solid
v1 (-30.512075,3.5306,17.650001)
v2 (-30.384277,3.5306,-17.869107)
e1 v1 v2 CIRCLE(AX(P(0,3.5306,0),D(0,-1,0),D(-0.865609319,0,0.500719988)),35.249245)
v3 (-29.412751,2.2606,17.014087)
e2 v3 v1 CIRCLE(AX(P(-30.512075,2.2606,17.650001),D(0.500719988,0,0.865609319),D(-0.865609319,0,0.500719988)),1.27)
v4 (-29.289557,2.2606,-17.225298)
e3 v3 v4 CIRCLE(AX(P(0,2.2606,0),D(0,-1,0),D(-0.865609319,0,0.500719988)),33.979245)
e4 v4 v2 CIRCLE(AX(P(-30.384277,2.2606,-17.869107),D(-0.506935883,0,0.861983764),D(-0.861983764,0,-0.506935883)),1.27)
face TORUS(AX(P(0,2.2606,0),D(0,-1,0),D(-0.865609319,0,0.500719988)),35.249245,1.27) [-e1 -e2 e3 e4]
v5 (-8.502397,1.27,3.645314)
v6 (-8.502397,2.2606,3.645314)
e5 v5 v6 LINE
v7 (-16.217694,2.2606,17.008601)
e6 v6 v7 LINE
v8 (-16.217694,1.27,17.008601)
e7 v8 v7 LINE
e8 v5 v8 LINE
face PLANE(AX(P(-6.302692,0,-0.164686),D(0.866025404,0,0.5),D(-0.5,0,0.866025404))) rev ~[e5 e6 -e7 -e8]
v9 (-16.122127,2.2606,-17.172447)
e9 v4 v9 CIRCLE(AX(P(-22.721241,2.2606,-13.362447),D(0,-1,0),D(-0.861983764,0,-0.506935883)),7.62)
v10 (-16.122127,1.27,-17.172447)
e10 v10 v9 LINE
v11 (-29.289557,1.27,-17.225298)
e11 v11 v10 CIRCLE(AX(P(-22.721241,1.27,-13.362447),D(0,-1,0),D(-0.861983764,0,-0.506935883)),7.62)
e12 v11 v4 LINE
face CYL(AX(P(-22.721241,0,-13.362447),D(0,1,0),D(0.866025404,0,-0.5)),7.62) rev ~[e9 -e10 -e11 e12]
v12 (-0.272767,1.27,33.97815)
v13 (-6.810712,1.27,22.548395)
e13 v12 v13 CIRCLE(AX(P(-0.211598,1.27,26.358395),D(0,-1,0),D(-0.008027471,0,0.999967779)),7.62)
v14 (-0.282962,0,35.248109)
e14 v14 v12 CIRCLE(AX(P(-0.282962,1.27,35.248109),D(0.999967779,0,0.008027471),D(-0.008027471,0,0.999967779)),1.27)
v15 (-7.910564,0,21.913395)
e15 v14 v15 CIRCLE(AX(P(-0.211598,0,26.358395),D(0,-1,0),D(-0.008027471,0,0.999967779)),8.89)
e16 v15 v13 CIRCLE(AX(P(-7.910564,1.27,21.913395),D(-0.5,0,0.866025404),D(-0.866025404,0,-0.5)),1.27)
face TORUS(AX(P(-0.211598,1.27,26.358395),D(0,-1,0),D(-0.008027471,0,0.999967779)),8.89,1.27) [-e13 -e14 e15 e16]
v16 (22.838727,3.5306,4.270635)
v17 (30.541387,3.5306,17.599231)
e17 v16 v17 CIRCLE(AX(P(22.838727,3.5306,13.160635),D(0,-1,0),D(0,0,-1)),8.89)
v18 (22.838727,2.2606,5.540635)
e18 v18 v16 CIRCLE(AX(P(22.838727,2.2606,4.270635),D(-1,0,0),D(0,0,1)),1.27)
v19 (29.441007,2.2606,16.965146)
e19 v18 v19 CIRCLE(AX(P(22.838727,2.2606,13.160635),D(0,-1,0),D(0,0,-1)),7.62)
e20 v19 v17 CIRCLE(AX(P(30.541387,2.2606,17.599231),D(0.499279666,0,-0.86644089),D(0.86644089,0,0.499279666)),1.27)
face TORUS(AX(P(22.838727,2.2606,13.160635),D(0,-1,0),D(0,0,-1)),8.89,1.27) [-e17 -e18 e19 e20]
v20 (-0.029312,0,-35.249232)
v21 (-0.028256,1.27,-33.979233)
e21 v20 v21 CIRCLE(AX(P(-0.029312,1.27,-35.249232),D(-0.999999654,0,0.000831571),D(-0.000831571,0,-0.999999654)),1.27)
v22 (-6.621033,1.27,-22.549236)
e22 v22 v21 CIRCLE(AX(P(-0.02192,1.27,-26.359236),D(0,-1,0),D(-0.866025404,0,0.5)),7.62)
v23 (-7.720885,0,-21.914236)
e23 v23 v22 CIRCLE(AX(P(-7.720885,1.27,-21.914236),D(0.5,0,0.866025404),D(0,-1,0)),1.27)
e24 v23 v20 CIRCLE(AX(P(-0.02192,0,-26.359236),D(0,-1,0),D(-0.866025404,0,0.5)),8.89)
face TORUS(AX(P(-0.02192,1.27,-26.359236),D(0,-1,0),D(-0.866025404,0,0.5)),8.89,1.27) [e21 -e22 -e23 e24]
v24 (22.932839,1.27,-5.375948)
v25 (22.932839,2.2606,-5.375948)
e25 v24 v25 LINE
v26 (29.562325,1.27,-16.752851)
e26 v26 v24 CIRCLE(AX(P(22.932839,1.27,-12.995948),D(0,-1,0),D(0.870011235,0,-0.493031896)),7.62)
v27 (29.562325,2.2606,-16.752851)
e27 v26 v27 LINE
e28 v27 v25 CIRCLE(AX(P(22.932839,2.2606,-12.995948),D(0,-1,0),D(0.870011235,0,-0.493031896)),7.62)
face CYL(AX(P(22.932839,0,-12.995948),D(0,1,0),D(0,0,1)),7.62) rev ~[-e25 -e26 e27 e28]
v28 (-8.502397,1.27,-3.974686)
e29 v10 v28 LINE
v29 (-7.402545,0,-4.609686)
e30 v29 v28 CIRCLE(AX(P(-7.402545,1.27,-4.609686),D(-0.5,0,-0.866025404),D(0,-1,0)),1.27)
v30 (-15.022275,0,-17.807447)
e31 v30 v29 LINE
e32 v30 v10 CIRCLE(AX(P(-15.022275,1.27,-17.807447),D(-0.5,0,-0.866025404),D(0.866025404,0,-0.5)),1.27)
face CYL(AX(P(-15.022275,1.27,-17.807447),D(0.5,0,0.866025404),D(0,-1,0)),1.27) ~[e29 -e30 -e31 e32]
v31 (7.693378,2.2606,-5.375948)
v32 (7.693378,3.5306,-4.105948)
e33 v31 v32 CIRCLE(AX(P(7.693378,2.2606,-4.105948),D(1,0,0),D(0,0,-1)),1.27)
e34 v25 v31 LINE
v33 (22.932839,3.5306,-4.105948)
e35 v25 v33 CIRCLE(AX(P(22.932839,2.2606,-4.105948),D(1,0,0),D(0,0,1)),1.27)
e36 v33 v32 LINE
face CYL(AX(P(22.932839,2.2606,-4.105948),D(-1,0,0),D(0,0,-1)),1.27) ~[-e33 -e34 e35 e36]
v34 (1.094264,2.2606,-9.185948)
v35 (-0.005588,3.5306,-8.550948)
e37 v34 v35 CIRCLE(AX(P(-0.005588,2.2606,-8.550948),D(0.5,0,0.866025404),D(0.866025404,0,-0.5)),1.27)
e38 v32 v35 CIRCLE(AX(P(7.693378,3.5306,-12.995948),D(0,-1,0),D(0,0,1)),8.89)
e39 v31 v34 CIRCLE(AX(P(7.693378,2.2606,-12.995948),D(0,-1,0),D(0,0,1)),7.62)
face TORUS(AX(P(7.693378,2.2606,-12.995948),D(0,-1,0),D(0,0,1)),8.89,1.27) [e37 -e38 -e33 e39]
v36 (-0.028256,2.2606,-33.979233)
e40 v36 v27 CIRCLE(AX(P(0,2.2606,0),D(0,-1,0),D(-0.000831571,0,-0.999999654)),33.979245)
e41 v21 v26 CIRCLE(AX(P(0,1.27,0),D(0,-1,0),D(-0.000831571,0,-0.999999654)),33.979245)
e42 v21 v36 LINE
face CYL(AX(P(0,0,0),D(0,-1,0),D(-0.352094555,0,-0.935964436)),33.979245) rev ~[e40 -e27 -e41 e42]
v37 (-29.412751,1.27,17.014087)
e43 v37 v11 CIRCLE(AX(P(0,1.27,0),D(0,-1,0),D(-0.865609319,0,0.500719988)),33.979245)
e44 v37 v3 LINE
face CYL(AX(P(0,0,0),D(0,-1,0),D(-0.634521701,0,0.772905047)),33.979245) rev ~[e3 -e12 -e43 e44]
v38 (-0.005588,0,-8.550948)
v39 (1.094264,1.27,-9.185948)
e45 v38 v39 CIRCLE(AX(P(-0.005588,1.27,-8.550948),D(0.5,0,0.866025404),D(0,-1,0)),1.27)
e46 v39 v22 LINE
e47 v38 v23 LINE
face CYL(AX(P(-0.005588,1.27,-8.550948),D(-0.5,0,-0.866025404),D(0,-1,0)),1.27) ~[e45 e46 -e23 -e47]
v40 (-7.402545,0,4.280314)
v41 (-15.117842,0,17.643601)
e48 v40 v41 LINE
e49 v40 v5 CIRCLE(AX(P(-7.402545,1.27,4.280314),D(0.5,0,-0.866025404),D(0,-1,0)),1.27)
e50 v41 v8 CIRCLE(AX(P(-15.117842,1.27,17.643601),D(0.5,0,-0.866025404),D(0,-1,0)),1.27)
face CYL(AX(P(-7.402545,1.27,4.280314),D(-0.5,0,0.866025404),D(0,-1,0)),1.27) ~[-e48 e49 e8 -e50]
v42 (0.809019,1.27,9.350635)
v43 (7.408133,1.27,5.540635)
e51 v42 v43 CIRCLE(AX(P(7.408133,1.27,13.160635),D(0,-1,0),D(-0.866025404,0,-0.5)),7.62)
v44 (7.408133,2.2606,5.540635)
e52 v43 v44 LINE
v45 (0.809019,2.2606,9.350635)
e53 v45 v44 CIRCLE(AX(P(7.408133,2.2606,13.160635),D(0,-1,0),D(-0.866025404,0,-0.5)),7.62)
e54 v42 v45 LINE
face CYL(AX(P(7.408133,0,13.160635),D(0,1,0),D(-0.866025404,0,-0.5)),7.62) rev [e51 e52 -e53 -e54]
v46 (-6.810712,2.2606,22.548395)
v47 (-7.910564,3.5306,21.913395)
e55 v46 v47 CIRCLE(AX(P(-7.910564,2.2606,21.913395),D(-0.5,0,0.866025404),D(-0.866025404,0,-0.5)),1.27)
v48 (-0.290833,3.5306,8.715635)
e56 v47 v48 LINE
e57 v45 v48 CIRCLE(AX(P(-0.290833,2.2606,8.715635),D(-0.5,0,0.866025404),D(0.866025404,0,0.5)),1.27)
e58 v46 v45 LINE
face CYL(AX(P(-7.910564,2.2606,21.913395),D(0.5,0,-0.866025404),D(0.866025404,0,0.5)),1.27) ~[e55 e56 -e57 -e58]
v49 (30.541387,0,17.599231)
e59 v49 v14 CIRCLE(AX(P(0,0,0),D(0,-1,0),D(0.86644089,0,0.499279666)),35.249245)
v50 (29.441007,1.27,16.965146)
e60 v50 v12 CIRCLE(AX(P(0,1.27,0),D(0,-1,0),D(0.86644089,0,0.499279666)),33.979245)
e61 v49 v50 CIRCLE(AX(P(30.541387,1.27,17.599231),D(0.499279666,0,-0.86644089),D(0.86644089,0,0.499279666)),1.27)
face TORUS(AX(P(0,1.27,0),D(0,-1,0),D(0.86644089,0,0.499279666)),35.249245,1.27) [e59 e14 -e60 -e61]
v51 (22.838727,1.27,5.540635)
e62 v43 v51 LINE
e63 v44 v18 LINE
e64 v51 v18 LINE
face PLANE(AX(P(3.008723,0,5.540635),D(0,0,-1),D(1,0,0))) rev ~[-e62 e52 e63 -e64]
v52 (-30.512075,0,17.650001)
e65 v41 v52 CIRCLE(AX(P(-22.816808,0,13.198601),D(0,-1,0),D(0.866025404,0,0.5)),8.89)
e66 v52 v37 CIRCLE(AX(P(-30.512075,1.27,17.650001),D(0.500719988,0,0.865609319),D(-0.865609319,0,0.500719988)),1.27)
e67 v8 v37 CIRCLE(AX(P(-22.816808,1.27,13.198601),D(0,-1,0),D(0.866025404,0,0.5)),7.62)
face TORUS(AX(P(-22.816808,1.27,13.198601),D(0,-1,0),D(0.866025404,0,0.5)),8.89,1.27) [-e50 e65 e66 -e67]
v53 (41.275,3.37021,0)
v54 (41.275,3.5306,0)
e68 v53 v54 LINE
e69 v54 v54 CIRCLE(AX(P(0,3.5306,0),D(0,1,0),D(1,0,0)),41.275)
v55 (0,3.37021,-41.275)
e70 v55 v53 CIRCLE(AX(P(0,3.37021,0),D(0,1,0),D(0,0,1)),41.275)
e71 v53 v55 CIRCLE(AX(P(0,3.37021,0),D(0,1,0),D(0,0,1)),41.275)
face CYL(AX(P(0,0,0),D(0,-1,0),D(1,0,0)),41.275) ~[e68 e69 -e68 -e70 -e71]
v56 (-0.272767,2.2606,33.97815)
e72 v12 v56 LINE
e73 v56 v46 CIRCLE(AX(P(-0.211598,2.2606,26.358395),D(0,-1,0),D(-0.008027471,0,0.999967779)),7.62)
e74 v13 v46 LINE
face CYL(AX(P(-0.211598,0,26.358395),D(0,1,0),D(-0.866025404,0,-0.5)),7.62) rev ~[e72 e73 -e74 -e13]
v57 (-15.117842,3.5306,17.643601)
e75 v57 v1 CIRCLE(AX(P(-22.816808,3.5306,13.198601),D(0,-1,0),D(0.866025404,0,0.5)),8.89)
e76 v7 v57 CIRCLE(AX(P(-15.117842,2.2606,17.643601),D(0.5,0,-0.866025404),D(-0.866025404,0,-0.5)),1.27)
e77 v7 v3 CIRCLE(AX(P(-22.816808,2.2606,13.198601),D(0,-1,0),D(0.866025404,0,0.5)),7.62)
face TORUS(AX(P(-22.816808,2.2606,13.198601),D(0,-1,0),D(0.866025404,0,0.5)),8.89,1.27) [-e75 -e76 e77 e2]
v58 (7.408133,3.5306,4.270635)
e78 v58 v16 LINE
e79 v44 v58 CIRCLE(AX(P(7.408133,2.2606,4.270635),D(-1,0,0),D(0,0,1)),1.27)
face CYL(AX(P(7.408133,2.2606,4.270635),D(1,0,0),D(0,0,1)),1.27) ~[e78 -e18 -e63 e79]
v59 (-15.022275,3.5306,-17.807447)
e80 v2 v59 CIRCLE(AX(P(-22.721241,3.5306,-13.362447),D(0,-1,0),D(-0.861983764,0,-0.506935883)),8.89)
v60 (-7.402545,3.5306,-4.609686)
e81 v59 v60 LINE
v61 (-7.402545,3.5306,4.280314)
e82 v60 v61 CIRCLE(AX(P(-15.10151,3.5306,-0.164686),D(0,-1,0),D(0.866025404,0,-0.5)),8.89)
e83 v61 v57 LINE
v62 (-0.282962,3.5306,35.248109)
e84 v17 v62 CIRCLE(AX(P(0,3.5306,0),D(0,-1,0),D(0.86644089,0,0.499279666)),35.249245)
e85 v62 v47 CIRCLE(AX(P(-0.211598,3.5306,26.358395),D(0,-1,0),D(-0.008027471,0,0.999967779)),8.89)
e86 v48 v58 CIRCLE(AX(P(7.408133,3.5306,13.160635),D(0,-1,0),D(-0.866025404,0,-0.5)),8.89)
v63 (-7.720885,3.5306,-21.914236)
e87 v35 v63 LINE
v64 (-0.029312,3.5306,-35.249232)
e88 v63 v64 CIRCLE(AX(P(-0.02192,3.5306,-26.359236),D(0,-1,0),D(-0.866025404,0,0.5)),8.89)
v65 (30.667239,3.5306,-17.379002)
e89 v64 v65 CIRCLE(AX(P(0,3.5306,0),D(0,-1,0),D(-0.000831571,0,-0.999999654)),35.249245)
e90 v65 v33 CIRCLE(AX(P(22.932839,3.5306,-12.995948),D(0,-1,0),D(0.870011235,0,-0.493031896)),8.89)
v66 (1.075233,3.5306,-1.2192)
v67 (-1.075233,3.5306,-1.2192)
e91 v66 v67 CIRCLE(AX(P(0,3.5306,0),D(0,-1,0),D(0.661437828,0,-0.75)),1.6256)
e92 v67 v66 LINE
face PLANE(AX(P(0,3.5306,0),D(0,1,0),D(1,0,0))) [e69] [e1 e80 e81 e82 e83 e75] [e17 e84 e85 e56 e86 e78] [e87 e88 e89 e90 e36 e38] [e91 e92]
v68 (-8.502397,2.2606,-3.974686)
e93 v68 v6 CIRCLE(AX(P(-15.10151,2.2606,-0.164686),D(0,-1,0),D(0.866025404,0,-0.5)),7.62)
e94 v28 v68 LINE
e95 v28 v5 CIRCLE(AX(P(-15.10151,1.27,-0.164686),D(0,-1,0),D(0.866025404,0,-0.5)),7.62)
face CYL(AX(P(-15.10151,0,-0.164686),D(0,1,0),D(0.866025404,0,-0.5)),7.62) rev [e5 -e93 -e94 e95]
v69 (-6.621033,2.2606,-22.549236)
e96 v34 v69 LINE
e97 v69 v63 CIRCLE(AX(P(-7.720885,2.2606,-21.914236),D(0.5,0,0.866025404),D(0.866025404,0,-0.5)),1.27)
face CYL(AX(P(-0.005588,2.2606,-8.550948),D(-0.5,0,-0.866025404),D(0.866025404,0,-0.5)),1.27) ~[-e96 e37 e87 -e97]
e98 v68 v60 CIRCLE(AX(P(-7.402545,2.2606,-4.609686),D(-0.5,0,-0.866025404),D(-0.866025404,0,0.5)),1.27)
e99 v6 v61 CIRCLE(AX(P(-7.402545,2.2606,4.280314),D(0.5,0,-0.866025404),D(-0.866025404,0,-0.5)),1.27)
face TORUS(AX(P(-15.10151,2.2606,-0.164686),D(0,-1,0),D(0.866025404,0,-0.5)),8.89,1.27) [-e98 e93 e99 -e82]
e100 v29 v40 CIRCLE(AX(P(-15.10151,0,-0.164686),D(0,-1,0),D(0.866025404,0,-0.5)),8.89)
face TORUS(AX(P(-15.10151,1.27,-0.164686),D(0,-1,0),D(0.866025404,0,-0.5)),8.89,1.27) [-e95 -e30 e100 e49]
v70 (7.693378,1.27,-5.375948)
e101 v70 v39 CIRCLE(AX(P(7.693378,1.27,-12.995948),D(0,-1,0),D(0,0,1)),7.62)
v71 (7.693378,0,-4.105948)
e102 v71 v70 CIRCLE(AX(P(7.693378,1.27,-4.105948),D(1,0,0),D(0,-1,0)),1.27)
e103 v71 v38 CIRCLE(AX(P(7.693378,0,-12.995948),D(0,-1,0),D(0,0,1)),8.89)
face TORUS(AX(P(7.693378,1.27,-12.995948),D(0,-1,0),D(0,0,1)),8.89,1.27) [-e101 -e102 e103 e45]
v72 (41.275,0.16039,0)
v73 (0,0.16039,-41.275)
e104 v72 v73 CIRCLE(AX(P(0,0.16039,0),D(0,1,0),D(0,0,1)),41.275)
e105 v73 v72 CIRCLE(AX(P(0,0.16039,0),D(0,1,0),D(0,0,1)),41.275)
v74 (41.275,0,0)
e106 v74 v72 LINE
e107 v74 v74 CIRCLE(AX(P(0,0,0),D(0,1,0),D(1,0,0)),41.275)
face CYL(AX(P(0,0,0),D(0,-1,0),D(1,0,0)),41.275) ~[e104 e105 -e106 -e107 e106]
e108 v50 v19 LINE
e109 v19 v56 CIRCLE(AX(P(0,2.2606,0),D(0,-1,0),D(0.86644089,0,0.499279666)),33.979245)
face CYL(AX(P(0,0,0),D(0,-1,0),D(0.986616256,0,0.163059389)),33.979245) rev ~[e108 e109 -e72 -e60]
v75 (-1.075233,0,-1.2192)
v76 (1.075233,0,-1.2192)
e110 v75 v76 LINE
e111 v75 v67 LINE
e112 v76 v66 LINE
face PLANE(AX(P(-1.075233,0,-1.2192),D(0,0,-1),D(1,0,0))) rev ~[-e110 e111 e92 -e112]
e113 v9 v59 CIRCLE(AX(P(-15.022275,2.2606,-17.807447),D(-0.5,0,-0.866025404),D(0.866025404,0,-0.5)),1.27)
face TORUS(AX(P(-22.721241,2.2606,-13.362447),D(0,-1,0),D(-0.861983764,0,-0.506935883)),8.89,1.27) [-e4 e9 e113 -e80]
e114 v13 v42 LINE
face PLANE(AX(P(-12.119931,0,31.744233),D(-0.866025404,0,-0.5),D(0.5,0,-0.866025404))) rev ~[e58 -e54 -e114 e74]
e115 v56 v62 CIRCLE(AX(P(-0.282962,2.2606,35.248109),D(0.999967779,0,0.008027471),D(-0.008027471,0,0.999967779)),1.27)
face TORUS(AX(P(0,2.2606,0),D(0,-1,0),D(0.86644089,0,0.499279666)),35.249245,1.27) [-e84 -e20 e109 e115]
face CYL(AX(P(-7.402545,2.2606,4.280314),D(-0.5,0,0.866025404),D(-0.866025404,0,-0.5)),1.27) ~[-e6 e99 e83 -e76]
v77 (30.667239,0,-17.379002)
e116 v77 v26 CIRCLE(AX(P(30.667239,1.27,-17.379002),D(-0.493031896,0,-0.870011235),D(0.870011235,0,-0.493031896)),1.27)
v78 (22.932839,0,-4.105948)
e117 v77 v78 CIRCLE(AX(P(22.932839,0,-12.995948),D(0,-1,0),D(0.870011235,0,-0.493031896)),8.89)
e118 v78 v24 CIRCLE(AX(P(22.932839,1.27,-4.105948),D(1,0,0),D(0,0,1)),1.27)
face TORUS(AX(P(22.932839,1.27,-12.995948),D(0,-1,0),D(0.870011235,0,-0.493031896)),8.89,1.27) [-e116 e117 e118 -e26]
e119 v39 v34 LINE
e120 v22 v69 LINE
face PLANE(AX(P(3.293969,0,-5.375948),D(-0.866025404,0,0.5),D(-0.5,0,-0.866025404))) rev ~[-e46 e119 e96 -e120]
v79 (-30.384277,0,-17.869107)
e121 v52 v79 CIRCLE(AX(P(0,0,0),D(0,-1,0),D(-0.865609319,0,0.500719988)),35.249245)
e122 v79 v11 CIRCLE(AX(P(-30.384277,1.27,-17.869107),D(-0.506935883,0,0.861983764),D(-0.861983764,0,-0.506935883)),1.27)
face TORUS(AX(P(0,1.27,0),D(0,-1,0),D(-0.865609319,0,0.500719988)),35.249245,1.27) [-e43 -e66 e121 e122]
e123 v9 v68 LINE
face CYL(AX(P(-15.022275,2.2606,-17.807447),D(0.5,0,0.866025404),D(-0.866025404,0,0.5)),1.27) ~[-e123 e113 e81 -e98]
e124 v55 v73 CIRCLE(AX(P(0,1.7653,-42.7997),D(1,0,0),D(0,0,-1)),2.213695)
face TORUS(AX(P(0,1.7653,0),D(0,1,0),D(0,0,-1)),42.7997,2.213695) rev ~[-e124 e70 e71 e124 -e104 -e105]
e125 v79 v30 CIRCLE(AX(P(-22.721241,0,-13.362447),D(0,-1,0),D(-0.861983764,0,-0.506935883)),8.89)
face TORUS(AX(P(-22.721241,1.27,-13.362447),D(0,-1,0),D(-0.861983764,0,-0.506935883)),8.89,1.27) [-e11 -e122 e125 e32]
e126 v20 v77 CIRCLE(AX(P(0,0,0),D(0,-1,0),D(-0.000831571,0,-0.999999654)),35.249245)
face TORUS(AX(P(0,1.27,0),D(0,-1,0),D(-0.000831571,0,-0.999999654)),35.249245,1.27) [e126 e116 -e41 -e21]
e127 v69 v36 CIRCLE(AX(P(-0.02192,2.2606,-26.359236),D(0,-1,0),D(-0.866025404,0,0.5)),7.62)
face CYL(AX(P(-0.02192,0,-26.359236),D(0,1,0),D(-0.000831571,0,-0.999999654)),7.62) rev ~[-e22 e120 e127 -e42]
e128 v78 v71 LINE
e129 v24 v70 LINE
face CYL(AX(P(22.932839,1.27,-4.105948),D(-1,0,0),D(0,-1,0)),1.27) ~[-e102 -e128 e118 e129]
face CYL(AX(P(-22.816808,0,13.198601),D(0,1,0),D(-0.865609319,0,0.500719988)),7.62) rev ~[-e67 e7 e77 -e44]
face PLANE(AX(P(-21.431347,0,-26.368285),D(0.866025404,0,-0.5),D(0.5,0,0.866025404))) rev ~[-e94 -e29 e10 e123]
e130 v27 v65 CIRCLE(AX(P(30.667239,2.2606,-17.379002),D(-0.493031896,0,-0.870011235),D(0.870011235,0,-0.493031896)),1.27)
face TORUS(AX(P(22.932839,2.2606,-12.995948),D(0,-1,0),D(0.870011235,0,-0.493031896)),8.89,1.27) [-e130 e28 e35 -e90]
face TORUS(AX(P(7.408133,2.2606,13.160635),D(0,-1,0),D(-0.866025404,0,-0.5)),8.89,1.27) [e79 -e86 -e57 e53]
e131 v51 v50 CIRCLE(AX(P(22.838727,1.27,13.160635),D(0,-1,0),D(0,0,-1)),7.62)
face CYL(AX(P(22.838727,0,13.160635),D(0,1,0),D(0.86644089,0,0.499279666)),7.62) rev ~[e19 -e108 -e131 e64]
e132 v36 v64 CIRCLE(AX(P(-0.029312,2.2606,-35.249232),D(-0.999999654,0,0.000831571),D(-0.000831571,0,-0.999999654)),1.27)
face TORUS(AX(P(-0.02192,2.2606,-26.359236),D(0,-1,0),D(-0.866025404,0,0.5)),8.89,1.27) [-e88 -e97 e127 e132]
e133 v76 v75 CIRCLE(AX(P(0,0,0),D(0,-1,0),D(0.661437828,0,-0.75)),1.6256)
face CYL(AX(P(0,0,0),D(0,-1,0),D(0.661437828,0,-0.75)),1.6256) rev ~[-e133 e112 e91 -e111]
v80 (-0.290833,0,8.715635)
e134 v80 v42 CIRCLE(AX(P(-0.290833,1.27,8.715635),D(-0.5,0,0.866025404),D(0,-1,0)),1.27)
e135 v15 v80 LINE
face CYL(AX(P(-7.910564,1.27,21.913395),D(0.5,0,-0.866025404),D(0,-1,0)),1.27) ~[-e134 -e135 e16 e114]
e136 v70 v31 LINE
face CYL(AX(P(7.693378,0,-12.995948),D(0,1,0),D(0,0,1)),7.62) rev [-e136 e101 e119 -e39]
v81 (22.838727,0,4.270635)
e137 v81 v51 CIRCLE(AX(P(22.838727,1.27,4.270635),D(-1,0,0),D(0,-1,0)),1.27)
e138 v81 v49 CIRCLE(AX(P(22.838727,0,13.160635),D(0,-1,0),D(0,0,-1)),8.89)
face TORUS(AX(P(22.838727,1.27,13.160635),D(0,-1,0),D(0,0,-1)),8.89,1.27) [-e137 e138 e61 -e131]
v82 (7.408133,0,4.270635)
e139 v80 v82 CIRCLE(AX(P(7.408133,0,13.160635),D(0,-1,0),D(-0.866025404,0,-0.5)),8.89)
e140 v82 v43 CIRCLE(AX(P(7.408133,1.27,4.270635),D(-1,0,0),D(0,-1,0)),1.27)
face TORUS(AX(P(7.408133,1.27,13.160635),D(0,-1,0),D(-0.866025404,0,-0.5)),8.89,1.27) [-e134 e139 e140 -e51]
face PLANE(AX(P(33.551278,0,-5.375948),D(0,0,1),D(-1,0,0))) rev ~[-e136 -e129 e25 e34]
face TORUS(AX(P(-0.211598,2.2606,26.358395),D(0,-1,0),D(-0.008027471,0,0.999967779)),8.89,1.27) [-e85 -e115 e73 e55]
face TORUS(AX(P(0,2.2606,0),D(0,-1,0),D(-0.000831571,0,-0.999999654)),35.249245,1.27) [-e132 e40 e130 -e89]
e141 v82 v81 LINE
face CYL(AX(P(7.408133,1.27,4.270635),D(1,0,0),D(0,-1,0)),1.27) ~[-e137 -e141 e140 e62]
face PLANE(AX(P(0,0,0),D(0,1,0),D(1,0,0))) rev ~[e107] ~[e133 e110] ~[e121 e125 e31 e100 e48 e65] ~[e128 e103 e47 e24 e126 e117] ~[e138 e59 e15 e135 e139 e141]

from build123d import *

# Parameters (mm, degrees)
SKETCH1_R                = 41.275
BOSS_EXTRUDE1_DEPTH      = 3.5306
CUT_EXTRUDE1_DEPTH       = 3.5306
FILLET2_R                = 7.62
FILLET3_R                = 1.27
CIRPATTERN3_COUNT        = 3
FILLET2_OF_CIRPATTERN3_R = 7.62
FILLET3_OF_CIRPATTERN3_R = 1.27
CUT_EXTRUDE2_DEPTH       = 3.5306
SKETCH4_R                = 2.213695011


with BuildPart() as part:
    # Sketch1 → Boss-Extrude1 (new body)
    with BuildSketch(Plane(origin=(0, 0, 0), x_dir=(1, 0, 0), z_dir=(0, 1, 0))):
        Circle(SKETCH1_R)
    extrude(amount=BOSS_EXTRUDE1_DEPTH)

    # Sketch2 → Cut-Extrude1 (cut)
    with BuildSketch(Plane(origin=(0, 0, 0), x_dir=(1, 0, 0), z_dir=(0, 1, 0))):
        with BuildLine():
            Line((3.293968832, 5.375948382), (-11.963907018, 31.803364569))
            ThreePointArc((-11.963907018, 31.803364569), (17.061820738, 29.385087071), (33.55127789, 5.375948382))
            Line((33.55127789, 5.375948382), (3.293968832, 5.375948382))
        make_face()
    cut_extrude1 = extrude(amount=CUT_EXTRUDE1_DEPTH, mode=Mode.SUBTRACT)

    # Fillet2
    fillet2_edges = [part.edges().sort_by_distance(p)[0] for p in [
        (3.293968832, 1.7653, -5.375948382),
        (33.55127789, 1.7653, -5.375948382),
        (-11.963907018, 1.7653, -31.803364569),
    ]]
    fillet(fillet2_edges, radius=FILLET2_R)

    # Fillet3
    fillet3_edges = [part.edges().sort_by_distance(p)[0] for p in [
        (-2.763384421, 0, -15.867591974),
        (-2.763384421, 3.5306, -15.867591974),
        (15.313108455, 0, -5.375948382),
        (15.313108455, 3.5306, -5.375948382),
        (17.09538989, 0, -29.365570207),
        (17.09538989, 3.5306, -29.365570207),
        (3.883377883, 0, -6.396834805),
        (3.883377883, 3.5306, -6.396834805),
        (-6.622616719, 0, -30.166491423),
        (-6.622616719, 3.5306, -30.166491423),
        (29.516606991, 0, -9.159491763),
        (29.516606991, 3.5306, -9.159491763),
    ]]
    fillet(fillet3_edges, radius=FILLET3_R)

    # CirPattern3: Cut-Extrude1 ×3 about axis
    cirpattern3_axis = Axis((0, 0, 0), (0, 1, 0))
    for i in range(1, CIRPATTERN3_COUNT):
        add(cut_extrude1.rotate(cirpattern3_axis, i * 360 / CIRPATTERN3_COUNT), mode=Mode.SUBTRACT)

    # Fillet2 of CirPattern3
    fillet2_of_cirpattern3_edges = [part.edges().sort_by_distance(p)[0] for p in [
        (-6.302692284, 1.7653, -0.164686497),
        (-21.431346813, 1.7653, -26.368284791),
        (-21.560568134, 1.7653, 26.262729691),
        (3.008723452, 1.7653, 5.540634879),
        (-12.119931077, 1.7653, 31.744233173),
        (33.524475152, 1.7653, 5.540634879),
    ]]
    fillet(fillet2_of_cirpattern3_edges, radius=FILLET2_OF_CIRPATTERN3_R)

    # Fillet3 of CirPattern3
    fillet3_of_cirpattern3_edges = [part.edges().sort_by_distance(p)[0] for p in [
        (-12.360045536, 0, 10.326957096),
        (-12.360045536, 3.5306, 10.326957096),
        (-12.312262095, 0, -10.573566742),
        (-12.312262095, 3.5306, -10.573566742),
        (-33.979024741, 0, -0.122256829),
        (-33.979024741, 3.5306, -0.122256829),
        (-7.481510386, 0, -0.164686497),
        (-7.481510386, 3.5306, -0.164686497),
        (-22.813639556, 0, 20.81860003),
        (-22.813639556, 3.5306, 20.81860003),
        (-22.690656048, 0, -20.982385606),
        (-22.690656048, 3.5306, -20.982385606),
        (15.123429957, 0, 5.540634879),
        (15.123429957, 3.5306, 5.540634879),
        (-3.000846359, 0, 15.949515123),
        (-3.000846359, 3.5306, 15.949515123),
        (16.883634851, 0, 29.487827036),
        (16.883634851, 3.5306, 29.487827036),
        (3.598132503, 0, 6.561521302),
        (3.598132503, 3.5306, 6.561521302),
        (29.436256275, 0, 9.347891394),
        (29.436256275, 3.5306, 9.347891394),
        (-6.825950943, 0, 30.141877369),
        (-6.825950943, 3.5306, 30.141877369),
    ]]
    fillet(fillet3_of_cirpattern3_edges, radius=FILLET3_OF_CIRPATTERN3_R)

    # Sketch5 → Cut-Extrude2 (cut)
    with BuildSketch(Plane(origin=(0, 0, 0), x_dir=(1, 0, 0), z_dir=(0, 1, 0))):
        with BuildLine():
            Line((-1.075233333, 1.2192), (1.075233333, 1.2192))
            ThreePointArc((1.075233333, 1.2192), (0, -1.6256), (-1.075233333, 1.2192))
        make_face()
    extrude(amount=CUT_EXTRUDE2_DEPTH, mode=Mode.SUBTRACT)

    # Sketch4 → Cut-Revolve3 (revolve, cut)
    with BuildSketch(Plane(origin=(0, 0, 0), x_dir=(0, 0, -1), z_dir=(1, 0, 0))):
        with Locations((42.799700103, 1.7653)):
            Circle(SKETCH4_R)
    revolve(axis=Axis((0, 0, 0), (0, 1, 0)), mode=Mode.SUBTRACT)


solid = part.part
